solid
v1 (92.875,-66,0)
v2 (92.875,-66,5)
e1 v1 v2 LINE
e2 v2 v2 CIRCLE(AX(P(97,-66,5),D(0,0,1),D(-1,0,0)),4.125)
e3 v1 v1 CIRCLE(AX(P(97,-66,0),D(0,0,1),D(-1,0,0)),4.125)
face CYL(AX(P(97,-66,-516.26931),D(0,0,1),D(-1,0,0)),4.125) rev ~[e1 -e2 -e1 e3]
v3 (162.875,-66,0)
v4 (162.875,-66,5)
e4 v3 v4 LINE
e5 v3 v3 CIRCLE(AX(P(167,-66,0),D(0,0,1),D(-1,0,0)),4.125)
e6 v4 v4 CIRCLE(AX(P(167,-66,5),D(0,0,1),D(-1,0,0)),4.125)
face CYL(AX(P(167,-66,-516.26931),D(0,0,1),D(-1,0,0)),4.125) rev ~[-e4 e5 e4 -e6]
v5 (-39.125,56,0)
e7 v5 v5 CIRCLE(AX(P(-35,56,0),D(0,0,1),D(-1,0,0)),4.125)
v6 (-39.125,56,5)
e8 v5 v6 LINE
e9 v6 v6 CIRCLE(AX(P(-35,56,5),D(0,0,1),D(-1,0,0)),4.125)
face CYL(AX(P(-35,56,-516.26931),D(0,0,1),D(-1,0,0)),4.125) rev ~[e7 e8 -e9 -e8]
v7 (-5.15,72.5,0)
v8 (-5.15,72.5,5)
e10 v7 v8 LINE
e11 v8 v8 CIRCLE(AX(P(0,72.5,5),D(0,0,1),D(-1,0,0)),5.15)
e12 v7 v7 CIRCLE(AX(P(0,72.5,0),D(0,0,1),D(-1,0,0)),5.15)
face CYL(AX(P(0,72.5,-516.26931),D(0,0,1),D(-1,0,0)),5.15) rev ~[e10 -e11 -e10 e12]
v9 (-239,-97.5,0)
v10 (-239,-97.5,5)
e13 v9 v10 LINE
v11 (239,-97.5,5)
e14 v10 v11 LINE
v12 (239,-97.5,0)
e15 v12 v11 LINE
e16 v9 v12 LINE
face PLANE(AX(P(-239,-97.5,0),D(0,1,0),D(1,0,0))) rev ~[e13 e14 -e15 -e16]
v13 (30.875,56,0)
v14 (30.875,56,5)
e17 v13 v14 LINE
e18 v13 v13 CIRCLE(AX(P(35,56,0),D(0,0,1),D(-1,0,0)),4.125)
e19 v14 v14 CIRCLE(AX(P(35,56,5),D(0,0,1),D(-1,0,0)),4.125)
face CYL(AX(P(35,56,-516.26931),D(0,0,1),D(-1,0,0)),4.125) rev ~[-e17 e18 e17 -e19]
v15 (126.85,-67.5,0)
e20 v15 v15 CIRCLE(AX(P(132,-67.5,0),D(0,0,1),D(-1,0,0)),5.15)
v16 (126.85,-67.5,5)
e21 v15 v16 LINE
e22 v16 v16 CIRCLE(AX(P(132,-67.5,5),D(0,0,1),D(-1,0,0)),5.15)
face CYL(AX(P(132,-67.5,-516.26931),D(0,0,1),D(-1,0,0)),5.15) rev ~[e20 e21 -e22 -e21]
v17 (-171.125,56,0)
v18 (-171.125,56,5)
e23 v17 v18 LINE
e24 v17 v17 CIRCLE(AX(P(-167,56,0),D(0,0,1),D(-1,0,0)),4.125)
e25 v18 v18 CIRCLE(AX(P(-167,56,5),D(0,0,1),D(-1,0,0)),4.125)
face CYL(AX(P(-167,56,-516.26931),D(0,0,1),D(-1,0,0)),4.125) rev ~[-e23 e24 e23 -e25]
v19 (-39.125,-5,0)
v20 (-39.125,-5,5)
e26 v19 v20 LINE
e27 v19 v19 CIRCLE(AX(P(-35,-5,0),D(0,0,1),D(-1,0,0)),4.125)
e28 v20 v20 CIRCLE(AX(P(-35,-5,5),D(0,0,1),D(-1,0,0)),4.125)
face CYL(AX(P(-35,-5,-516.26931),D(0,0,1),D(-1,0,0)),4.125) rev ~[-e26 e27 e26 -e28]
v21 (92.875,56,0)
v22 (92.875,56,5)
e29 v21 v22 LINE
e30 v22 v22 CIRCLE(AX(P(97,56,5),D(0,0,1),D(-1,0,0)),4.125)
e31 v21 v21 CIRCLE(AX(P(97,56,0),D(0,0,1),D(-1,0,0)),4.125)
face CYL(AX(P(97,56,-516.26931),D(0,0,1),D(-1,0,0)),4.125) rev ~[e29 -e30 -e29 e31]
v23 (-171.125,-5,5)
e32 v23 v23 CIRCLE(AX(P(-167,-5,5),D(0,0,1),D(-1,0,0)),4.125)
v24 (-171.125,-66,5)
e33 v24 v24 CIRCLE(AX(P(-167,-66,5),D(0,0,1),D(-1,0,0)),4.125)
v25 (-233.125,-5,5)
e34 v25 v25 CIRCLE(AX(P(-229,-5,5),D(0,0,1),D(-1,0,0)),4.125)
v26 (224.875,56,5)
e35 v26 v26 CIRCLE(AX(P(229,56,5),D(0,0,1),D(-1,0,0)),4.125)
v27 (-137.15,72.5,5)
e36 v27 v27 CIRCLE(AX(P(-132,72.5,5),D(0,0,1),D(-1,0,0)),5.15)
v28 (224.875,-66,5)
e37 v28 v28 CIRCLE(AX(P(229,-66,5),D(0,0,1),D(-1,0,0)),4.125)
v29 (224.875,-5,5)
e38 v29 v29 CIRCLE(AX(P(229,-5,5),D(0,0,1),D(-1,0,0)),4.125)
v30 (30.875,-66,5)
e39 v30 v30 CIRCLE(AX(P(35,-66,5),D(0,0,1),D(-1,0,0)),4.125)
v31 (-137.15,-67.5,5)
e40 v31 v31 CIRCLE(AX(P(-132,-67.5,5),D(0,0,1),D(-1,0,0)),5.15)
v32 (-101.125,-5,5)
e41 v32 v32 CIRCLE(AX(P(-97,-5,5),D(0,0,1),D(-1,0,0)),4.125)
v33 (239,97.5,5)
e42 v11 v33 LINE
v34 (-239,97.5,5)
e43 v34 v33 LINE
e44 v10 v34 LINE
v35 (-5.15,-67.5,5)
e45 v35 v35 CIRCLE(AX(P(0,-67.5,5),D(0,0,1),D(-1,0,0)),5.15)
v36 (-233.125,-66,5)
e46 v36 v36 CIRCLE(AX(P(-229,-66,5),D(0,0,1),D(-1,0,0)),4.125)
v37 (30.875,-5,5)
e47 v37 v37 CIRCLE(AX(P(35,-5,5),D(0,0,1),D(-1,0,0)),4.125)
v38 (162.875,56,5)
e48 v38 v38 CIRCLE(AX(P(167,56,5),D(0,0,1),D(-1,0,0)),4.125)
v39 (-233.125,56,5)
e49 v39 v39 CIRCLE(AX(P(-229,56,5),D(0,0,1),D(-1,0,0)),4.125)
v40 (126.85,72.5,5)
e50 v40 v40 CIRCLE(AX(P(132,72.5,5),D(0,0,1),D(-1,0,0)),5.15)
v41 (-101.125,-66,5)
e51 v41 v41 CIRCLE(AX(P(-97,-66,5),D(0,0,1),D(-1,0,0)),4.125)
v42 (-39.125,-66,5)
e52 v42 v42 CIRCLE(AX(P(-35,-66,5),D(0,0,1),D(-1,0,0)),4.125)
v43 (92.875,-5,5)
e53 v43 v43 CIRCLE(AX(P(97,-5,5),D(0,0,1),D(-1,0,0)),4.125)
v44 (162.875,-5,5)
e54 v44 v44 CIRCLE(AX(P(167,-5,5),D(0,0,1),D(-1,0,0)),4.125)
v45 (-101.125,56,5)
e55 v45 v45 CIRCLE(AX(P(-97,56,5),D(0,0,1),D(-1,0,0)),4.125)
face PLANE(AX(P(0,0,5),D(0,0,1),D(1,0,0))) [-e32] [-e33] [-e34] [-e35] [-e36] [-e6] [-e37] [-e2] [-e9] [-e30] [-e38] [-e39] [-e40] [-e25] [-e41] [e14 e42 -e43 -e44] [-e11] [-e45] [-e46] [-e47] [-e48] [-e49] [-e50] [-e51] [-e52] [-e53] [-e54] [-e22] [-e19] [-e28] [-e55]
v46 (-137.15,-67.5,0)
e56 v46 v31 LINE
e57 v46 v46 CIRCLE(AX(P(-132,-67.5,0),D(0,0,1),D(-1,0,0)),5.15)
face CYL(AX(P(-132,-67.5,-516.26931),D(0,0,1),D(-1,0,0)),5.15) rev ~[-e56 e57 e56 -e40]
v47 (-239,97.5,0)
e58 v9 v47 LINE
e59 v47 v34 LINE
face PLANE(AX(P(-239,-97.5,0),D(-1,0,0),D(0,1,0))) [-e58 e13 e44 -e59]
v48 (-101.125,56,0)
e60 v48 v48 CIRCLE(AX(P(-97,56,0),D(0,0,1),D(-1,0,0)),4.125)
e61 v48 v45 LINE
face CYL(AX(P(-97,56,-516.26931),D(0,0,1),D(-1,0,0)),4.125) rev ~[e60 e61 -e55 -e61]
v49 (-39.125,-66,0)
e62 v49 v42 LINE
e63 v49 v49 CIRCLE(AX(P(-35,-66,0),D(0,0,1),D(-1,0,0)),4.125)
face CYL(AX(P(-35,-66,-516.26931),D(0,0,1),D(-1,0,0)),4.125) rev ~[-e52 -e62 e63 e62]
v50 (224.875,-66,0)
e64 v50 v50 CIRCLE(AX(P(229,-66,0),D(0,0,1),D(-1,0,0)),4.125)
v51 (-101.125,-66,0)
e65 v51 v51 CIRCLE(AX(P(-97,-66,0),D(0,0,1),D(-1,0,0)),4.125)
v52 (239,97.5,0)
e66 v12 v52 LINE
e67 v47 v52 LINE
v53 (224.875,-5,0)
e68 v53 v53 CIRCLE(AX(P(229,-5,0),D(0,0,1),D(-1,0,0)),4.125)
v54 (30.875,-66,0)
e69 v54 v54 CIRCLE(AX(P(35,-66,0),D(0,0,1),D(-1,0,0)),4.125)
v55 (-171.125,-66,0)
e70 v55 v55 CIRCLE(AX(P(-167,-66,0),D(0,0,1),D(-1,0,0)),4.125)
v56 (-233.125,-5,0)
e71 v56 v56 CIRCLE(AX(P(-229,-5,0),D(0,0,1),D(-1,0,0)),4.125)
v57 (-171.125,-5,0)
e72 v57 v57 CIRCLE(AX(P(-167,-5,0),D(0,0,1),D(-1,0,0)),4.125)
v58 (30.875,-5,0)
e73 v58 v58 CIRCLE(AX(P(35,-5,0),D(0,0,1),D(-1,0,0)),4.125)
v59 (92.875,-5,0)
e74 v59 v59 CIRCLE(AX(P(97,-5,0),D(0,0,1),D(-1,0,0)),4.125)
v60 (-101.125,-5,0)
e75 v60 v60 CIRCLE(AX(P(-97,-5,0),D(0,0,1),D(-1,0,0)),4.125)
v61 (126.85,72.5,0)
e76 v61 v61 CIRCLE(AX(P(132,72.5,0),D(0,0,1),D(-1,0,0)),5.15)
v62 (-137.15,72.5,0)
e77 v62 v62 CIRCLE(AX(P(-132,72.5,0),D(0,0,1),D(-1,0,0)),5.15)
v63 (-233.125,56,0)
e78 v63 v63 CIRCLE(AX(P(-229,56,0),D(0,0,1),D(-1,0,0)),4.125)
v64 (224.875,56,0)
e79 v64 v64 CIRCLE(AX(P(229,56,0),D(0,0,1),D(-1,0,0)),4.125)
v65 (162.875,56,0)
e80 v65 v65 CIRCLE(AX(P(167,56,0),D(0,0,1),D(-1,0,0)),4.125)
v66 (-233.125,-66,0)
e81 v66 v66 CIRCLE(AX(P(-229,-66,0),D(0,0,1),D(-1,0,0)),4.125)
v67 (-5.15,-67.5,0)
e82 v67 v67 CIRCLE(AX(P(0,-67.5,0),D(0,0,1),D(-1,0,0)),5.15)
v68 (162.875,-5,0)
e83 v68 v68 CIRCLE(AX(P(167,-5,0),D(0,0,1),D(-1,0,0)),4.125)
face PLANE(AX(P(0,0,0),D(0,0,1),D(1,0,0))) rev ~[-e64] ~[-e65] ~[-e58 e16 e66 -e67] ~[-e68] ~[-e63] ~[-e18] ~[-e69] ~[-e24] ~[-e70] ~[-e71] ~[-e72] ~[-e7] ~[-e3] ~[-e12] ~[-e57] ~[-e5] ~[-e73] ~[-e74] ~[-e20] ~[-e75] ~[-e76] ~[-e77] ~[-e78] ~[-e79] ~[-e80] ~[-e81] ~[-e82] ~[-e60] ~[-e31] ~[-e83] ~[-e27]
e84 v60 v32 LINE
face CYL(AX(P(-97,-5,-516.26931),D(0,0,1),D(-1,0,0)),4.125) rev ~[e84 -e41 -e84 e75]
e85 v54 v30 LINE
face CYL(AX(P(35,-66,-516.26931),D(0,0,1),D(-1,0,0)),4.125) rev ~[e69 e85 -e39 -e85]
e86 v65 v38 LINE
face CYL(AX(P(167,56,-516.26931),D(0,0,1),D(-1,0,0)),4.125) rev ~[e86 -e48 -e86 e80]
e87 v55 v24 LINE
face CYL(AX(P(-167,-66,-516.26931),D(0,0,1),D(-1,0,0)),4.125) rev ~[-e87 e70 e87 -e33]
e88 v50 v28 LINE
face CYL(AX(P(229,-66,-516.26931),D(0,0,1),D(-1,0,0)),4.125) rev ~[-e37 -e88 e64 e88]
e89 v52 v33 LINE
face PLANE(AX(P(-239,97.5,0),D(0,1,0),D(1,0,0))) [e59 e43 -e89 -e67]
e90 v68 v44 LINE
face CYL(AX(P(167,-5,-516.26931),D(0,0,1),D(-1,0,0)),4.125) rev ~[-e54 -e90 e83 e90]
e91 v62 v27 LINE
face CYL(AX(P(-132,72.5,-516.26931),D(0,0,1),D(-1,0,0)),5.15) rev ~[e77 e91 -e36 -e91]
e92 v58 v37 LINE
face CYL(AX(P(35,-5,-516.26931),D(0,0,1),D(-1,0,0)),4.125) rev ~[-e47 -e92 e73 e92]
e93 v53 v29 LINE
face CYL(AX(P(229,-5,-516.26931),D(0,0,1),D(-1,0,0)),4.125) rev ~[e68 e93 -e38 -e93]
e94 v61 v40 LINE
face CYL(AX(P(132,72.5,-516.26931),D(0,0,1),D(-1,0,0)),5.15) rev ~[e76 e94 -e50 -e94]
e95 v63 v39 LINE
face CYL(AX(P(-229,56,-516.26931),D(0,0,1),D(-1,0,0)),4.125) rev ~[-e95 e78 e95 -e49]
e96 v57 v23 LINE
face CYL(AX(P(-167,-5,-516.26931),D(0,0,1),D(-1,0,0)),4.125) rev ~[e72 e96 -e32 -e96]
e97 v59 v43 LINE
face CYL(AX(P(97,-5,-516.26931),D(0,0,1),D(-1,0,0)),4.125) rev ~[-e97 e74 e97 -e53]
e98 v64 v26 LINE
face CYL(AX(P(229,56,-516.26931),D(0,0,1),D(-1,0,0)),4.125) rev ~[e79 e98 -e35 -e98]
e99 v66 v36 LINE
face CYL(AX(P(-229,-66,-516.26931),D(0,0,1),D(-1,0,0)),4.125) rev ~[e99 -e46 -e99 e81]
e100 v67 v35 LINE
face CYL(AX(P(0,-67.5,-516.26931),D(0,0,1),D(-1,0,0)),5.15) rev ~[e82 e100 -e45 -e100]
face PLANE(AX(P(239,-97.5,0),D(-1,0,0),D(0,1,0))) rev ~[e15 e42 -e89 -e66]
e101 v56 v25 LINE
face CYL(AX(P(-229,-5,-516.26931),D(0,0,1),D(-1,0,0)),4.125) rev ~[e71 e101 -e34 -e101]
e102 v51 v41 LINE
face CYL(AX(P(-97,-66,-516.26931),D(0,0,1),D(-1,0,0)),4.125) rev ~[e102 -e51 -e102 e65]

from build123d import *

# Parameters (mm, degrees)
F0_W     = 478
F0_H     = 195
F1_DEPTH = 5
F2_D     = 8.25
F3_D     = 10.3


with BuildPart() as f1:
    # F0 (on Top) → F1 (new body)
    with BuildSketch(Plane.XY):
        Rectangle(F0_W, F0_H)
    extrude(amount=F1_DEPTH)

    # F2 (through all)
    with Locations(Plane(origin=(0, 0, 0), x_dir=(1, 0, 0), z_dir=(0, 0, -1))):
        with Locations((-229, -56), (-229, 5), (-229, 66), (-167, -56), (-167, 5), (-167, 66), (-97, 66), (-97, 5), (-97, -56), (-35, -56), (-35, 5), (-35, 66), (35, 66), (35, 5), (35, -56), (97, -56), (97, 5), (97, 66), (167, 66), (167, 5), (167, -56), (229, -56), (229, 5), (229, 66)):
            Hole(F2_D / 2)

    # F3 (through all)
    with Locations(Plane(origin=(0, 0, 0), x_dir=(1, 0, 0), z_dir=(0, 0, -1))):
        with Locations((-132, -72.5), (-132, 67.5), (0, -72.5), (0, 67.5), (132, -72.5), (132, 67.5)):
            Hole(F3_D / 2)


solid = f1.part
